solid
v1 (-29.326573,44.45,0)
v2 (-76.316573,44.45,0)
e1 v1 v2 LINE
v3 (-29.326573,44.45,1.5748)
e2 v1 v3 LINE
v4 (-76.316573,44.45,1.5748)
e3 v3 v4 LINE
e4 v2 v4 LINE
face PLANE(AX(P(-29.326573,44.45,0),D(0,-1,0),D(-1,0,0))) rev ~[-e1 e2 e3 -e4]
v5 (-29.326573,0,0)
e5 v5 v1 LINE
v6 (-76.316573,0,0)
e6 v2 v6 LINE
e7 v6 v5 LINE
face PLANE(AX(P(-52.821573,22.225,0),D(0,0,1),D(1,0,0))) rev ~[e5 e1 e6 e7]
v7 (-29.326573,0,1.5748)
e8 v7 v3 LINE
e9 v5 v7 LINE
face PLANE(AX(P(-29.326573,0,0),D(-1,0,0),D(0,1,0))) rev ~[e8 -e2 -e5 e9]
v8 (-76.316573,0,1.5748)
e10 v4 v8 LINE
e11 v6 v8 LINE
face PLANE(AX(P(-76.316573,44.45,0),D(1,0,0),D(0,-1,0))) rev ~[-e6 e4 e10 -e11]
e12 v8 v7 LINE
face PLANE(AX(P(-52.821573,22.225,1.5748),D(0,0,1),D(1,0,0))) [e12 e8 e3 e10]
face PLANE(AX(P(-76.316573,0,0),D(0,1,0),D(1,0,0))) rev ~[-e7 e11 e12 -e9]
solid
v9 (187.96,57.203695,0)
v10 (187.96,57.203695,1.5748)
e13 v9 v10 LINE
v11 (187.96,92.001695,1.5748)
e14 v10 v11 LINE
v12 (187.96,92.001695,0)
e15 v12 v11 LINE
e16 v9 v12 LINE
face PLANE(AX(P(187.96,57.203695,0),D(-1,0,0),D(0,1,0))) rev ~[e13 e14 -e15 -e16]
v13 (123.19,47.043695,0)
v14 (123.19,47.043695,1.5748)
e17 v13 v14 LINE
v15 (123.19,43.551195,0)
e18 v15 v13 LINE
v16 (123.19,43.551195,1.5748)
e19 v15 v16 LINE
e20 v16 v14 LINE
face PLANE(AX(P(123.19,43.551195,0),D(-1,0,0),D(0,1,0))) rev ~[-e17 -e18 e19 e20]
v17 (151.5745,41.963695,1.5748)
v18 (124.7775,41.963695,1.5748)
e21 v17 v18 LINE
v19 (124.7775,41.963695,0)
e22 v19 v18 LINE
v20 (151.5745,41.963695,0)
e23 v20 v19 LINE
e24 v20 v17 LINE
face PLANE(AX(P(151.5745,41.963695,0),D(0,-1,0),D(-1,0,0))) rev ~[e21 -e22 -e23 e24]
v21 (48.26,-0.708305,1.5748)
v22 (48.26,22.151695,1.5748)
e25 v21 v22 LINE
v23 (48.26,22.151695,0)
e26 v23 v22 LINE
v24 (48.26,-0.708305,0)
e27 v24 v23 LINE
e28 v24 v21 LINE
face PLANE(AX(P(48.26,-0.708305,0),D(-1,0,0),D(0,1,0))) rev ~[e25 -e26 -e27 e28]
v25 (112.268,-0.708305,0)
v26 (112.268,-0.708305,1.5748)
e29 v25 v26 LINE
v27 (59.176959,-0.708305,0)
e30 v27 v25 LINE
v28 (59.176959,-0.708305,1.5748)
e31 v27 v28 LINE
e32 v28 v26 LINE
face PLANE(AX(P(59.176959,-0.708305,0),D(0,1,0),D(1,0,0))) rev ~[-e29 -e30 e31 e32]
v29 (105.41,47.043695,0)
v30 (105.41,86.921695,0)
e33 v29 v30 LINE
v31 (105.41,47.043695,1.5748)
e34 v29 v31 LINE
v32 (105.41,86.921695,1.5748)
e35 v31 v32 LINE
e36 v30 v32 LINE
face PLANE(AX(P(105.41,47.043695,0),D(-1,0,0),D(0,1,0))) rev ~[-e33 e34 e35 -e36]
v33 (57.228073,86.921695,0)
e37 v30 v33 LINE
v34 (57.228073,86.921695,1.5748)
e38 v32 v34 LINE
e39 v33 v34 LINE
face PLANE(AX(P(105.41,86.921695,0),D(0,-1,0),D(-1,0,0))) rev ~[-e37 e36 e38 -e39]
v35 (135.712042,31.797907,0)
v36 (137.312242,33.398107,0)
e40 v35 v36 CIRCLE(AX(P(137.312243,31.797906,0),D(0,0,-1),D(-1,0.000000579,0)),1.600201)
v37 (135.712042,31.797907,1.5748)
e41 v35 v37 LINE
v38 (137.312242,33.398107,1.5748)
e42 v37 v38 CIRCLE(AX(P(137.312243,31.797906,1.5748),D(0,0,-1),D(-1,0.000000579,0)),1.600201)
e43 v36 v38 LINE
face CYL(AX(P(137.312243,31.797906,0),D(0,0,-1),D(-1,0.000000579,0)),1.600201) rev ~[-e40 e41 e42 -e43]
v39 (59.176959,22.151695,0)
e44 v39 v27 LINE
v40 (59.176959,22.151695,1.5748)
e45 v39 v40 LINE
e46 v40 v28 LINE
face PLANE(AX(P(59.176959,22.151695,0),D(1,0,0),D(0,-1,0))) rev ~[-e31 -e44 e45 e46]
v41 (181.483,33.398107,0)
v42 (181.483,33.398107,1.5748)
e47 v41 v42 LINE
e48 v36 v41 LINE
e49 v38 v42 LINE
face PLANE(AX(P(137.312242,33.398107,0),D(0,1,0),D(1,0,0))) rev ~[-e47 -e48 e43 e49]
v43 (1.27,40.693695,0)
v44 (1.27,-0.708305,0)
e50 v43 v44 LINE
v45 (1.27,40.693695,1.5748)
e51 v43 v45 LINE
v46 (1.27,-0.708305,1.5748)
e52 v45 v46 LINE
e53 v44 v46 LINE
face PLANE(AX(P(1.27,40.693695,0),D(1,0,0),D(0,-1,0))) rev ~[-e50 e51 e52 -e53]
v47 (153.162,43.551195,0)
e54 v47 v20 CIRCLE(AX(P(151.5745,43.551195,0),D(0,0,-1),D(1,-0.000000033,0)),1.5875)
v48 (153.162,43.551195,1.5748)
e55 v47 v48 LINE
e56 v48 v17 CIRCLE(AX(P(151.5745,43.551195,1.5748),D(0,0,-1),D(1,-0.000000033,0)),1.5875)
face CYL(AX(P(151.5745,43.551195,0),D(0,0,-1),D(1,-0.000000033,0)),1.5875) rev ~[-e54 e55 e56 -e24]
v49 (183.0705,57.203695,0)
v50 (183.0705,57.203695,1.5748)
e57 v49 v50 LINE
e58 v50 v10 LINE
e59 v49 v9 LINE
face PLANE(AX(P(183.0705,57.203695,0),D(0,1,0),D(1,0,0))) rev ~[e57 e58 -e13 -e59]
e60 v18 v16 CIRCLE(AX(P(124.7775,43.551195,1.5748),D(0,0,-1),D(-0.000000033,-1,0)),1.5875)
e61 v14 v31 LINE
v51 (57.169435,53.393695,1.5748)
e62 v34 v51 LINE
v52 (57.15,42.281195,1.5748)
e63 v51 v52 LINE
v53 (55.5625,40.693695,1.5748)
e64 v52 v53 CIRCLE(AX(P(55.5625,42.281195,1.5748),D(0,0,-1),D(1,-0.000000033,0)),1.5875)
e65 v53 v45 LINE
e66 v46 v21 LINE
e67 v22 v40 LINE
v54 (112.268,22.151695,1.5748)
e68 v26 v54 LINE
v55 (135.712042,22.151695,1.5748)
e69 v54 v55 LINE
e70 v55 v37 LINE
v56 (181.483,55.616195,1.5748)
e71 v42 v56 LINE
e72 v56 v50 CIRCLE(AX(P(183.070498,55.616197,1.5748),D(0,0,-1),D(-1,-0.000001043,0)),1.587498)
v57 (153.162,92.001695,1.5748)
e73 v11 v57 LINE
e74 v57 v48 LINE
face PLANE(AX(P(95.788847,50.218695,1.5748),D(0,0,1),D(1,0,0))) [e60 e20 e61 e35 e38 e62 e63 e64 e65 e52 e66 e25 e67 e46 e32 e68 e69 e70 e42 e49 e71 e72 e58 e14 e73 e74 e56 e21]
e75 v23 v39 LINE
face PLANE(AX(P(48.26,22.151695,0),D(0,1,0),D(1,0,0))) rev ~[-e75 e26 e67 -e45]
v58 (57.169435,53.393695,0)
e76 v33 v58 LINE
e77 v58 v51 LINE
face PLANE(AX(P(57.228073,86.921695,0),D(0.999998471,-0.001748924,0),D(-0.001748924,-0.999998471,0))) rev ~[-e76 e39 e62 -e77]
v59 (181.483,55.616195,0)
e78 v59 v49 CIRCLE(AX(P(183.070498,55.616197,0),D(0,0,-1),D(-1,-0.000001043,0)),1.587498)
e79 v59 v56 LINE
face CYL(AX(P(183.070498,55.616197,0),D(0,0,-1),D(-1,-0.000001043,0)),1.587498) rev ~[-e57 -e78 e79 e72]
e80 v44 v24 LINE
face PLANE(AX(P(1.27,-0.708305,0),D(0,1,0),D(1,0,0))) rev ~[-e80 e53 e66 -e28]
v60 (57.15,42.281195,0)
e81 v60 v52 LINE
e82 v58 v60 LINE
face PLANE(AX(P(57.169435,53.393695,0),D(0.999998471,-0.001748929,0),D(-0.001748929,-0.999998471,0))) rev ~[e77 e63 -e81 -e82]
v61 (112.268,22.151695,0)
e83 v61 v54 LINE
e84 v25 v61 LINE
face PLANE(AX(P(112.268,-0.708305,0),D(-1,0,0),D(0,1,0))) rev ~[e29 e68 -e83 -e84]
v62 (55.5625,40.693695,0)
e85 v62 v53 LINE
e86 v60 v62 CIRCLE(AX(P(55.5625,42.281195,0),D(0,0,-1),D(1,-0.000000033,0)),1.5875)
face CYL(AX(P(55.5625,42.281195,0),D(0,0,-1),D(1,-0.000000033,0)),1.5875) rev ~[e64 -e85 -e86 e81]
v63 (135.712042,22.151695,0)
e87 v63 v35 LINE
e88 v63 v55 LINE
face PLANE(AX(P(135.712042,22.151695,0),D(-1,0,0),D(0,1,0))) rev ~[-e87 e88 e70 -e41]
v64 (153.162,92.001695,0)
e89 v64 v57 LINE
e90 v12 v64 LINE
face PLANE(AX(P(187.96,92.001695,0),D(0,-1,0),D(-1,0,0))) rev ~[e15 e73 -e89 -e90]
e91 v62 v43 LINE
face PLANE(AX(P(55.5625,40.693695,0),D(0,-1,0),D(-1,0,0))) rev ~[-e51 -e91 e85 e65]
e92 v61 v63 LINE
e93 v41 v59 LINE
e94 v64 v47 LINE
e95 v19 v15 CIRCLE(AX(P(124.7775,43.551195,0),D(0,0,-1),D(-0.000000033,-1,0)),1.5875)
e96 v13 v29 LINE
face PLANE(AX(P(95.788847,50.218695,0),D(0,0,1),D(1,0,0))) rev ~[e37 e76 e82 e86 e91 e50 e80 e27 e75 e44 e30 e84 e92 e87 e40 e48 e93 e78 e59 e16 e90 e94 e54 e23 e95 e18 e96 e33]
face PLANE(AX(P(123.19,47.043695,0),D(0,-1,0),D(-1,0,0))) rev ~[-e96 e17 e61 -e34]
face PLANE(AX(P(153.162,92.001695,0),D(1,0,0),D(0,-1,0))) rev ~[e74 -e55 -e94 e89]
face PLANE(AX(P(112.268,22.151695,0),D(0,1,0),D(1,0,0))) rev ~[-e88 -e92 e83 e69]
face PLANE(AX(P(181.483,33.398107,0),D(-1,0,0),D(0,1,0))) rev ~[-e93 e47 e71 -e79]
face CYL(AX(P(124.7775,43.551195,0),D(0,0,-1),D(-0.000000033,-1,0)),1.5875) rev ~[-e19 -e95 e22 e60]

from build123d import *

# Parameters (mm, degrees)
F0_R     = 1.5875
F2_DEPTH = 1.5748


with BuildPart() as f2:
    # F0 (on Top) + F1 (on Top) → F2 (new body)
    with BuildSketch(Plane.XY):
        with BuildLine():
            Line((105.41, 47.043695), (105.41, 53.393695))
            Line((105.41, 53.393695), (87.1855, 53.393695))
            ThreePointArc((87.1855, 53.393695), (86.062968, 52.928728), (85.598, 51.806195))
            Line((85.598, 51.806195), (85.598, 48.631195))
            ThreePointArc((85.598, 48.631195), (86.062968, 47.508663), (87.1855, 47.043695))
            Line((87.1855, 47.043695), (105.41, 47.043695))
        make_face()
        with BuildLine():
            Line((1.27, 40.693695), (1.27, -0.708305))
            Line((1.27, -0.708305), (48.26, -0.708305))
            Line((48.26, -0.708305), (48.26, 22.151695))
            Line((48.26, 22.151695), (59.176959, 22.151695))
            Line((59.176959, 22.151695), (59.176959, -0.708305))
            Line((59.176959, -0.708305), (112.268, -0.708305))
            Line((112.268, -0.708305), (112.268, 22.151695))
            Line((112.268, 22.151695), (123.19, 22.151695))
            Line((123.19, 22.151695), (135.712042, 22.151695))
            Line((135.712042, 22.151695), (135.712042, 31.797907))
            ThreePointArc((135.712042, 31.797907), (136.18073, 32.929419), (137.312242, 33.398107))
            Line((137.312242, 33.398107), (181.483, 33.398107))
            Line((181.483, 33.398107), (181.483, 55.616195))
            ThreePointArc((181.483, 55.616195), (181.947968, 56.738728), (183.0705, 57.203695))
            Line((183.0705, 57.203695), (187.96, 57.203695))
            Line((187.96, 57.203695), (187.96, 74.221695))
            Line((187.96, 74.221695), (187.96, 87.366195))
            Line((187.96, 87.366195), (187.96, 92.001695))
            Line((187.96, 92.001695), (183.58612, 92.001695))
            Line((183.58612, 92.001695), (173.99, 92.001695))
            Line((173.99, 92.001695), (173.99, 75.809195))
            ThreePointArc((173.99, 75.809195), (173.525032, 74.686663), (172.4025, 74.221695))
            Line((172.4025, 74.221695), (153.162, 74.221695))
            Line((153.162, 74.221695), (153.162, 43.551195))
            ThreePointArc((153.162, 43.551195), (152.697032, 42.428663), (151.5745, 41.963695))
            Line((151.5745, 41.963695), (124.7775, 41.963695))
            ThreePointArc((124.7775, 41.963695), (123.654968, 42.428663), (123.19, 43.551195))
            Line((123.19, 43.551195), (123.19, 47.043695))
            Line((123.19, 47.043695), (105.41, 47.043695))
            Line((105.41, 47.043695), (87.1855, 47.043695))
            ThreePointArc((87.1855, 47.043695), (86.062968, 47.508663), (85.598, 48.631195))
            Line((85.598, 48.631195), (85.598, 51.806195))
            ThreePointArc((85.598, 51.806195), (86.062968, 52.928728), (87.1855, 53.393695))
            Line((87.1855, 53.393695), (105.41, 53.393695))
            Line((105.41, 53.393695), (105.41, 86.921695))
            Line((105.41, 86.921695), (57.228073, 86.921695))
            Line((57.228073, 86.921695), (57.169435, 53.393695))
            Line((57.169435, 53.393695), (57.15, 42.281195))
            ThreePointArc((57.15, 42.281195), (56.685032, 41.158663), (55.5625, 40.693695))
            Line((55.5625, 40.693695), (1.27, 40.693695))
        make_face()
        with Locations((5.6515, 4.181195)):
            Circle(F0_R, mode=Mode.SUBTRACT)
        with Locations((24.7015, 4.181195)):
            Circle(F0_R, mode=Mode.SUBTRACT)
        with Locations((43.7515, 4.181195)):
            Circle(F0_R, mode=Mode.SUBTRACT)
        with Locations((183.58612, 61.966195)):
            Circle(F0_R, mode=Mode.SUBTRACT)
        with Locations((183.58612, 87.366195)):
            Circle(F0_R, mode=Mode.SUBTRACT)
        with BuildLine():
            Line((153.162, 92.001695), (153.162, 74.221695))
            Line((153.162, 74.221695), (172.4025, 74.221695))
            ThreePointArc((172.4025, 74.221695), (173.525032, 74.686663), (173.99, 75.809195))
            Line((173.99, 75.809195), (173.99, 92.001695))
            Line((173.99, 92.001695), (153.162, 92.001695))
        make_face()
        with Locations((183.58612, 87.366195)):
            Circle(F0_R)
        with Locations((43.7515, 4.181195)):
            Circle(F0_R)
        with Locations((24.7015, 4.181195)):
            Circle(F0_R)
        with Locations((5.6515, 4.181195)):
            Circle(F0_R)
        with Locations((183.58612, 61.966195)):
            Circle(F0_R)
    with BuildSketch(Plane.XY):
        Polygon((-76.316573, 19.05), (-76.316573, 0), (-40.756573, 0), (-29.326573, 0), (-29.326573, 19.05), (-29.326573, 44.45), (-40.756573, 44.45), (-68.509936, 44.45), (-76.316573, 44.45), align=None)
    extrude(amount=F2_DEPTH)


solid = f2.part
